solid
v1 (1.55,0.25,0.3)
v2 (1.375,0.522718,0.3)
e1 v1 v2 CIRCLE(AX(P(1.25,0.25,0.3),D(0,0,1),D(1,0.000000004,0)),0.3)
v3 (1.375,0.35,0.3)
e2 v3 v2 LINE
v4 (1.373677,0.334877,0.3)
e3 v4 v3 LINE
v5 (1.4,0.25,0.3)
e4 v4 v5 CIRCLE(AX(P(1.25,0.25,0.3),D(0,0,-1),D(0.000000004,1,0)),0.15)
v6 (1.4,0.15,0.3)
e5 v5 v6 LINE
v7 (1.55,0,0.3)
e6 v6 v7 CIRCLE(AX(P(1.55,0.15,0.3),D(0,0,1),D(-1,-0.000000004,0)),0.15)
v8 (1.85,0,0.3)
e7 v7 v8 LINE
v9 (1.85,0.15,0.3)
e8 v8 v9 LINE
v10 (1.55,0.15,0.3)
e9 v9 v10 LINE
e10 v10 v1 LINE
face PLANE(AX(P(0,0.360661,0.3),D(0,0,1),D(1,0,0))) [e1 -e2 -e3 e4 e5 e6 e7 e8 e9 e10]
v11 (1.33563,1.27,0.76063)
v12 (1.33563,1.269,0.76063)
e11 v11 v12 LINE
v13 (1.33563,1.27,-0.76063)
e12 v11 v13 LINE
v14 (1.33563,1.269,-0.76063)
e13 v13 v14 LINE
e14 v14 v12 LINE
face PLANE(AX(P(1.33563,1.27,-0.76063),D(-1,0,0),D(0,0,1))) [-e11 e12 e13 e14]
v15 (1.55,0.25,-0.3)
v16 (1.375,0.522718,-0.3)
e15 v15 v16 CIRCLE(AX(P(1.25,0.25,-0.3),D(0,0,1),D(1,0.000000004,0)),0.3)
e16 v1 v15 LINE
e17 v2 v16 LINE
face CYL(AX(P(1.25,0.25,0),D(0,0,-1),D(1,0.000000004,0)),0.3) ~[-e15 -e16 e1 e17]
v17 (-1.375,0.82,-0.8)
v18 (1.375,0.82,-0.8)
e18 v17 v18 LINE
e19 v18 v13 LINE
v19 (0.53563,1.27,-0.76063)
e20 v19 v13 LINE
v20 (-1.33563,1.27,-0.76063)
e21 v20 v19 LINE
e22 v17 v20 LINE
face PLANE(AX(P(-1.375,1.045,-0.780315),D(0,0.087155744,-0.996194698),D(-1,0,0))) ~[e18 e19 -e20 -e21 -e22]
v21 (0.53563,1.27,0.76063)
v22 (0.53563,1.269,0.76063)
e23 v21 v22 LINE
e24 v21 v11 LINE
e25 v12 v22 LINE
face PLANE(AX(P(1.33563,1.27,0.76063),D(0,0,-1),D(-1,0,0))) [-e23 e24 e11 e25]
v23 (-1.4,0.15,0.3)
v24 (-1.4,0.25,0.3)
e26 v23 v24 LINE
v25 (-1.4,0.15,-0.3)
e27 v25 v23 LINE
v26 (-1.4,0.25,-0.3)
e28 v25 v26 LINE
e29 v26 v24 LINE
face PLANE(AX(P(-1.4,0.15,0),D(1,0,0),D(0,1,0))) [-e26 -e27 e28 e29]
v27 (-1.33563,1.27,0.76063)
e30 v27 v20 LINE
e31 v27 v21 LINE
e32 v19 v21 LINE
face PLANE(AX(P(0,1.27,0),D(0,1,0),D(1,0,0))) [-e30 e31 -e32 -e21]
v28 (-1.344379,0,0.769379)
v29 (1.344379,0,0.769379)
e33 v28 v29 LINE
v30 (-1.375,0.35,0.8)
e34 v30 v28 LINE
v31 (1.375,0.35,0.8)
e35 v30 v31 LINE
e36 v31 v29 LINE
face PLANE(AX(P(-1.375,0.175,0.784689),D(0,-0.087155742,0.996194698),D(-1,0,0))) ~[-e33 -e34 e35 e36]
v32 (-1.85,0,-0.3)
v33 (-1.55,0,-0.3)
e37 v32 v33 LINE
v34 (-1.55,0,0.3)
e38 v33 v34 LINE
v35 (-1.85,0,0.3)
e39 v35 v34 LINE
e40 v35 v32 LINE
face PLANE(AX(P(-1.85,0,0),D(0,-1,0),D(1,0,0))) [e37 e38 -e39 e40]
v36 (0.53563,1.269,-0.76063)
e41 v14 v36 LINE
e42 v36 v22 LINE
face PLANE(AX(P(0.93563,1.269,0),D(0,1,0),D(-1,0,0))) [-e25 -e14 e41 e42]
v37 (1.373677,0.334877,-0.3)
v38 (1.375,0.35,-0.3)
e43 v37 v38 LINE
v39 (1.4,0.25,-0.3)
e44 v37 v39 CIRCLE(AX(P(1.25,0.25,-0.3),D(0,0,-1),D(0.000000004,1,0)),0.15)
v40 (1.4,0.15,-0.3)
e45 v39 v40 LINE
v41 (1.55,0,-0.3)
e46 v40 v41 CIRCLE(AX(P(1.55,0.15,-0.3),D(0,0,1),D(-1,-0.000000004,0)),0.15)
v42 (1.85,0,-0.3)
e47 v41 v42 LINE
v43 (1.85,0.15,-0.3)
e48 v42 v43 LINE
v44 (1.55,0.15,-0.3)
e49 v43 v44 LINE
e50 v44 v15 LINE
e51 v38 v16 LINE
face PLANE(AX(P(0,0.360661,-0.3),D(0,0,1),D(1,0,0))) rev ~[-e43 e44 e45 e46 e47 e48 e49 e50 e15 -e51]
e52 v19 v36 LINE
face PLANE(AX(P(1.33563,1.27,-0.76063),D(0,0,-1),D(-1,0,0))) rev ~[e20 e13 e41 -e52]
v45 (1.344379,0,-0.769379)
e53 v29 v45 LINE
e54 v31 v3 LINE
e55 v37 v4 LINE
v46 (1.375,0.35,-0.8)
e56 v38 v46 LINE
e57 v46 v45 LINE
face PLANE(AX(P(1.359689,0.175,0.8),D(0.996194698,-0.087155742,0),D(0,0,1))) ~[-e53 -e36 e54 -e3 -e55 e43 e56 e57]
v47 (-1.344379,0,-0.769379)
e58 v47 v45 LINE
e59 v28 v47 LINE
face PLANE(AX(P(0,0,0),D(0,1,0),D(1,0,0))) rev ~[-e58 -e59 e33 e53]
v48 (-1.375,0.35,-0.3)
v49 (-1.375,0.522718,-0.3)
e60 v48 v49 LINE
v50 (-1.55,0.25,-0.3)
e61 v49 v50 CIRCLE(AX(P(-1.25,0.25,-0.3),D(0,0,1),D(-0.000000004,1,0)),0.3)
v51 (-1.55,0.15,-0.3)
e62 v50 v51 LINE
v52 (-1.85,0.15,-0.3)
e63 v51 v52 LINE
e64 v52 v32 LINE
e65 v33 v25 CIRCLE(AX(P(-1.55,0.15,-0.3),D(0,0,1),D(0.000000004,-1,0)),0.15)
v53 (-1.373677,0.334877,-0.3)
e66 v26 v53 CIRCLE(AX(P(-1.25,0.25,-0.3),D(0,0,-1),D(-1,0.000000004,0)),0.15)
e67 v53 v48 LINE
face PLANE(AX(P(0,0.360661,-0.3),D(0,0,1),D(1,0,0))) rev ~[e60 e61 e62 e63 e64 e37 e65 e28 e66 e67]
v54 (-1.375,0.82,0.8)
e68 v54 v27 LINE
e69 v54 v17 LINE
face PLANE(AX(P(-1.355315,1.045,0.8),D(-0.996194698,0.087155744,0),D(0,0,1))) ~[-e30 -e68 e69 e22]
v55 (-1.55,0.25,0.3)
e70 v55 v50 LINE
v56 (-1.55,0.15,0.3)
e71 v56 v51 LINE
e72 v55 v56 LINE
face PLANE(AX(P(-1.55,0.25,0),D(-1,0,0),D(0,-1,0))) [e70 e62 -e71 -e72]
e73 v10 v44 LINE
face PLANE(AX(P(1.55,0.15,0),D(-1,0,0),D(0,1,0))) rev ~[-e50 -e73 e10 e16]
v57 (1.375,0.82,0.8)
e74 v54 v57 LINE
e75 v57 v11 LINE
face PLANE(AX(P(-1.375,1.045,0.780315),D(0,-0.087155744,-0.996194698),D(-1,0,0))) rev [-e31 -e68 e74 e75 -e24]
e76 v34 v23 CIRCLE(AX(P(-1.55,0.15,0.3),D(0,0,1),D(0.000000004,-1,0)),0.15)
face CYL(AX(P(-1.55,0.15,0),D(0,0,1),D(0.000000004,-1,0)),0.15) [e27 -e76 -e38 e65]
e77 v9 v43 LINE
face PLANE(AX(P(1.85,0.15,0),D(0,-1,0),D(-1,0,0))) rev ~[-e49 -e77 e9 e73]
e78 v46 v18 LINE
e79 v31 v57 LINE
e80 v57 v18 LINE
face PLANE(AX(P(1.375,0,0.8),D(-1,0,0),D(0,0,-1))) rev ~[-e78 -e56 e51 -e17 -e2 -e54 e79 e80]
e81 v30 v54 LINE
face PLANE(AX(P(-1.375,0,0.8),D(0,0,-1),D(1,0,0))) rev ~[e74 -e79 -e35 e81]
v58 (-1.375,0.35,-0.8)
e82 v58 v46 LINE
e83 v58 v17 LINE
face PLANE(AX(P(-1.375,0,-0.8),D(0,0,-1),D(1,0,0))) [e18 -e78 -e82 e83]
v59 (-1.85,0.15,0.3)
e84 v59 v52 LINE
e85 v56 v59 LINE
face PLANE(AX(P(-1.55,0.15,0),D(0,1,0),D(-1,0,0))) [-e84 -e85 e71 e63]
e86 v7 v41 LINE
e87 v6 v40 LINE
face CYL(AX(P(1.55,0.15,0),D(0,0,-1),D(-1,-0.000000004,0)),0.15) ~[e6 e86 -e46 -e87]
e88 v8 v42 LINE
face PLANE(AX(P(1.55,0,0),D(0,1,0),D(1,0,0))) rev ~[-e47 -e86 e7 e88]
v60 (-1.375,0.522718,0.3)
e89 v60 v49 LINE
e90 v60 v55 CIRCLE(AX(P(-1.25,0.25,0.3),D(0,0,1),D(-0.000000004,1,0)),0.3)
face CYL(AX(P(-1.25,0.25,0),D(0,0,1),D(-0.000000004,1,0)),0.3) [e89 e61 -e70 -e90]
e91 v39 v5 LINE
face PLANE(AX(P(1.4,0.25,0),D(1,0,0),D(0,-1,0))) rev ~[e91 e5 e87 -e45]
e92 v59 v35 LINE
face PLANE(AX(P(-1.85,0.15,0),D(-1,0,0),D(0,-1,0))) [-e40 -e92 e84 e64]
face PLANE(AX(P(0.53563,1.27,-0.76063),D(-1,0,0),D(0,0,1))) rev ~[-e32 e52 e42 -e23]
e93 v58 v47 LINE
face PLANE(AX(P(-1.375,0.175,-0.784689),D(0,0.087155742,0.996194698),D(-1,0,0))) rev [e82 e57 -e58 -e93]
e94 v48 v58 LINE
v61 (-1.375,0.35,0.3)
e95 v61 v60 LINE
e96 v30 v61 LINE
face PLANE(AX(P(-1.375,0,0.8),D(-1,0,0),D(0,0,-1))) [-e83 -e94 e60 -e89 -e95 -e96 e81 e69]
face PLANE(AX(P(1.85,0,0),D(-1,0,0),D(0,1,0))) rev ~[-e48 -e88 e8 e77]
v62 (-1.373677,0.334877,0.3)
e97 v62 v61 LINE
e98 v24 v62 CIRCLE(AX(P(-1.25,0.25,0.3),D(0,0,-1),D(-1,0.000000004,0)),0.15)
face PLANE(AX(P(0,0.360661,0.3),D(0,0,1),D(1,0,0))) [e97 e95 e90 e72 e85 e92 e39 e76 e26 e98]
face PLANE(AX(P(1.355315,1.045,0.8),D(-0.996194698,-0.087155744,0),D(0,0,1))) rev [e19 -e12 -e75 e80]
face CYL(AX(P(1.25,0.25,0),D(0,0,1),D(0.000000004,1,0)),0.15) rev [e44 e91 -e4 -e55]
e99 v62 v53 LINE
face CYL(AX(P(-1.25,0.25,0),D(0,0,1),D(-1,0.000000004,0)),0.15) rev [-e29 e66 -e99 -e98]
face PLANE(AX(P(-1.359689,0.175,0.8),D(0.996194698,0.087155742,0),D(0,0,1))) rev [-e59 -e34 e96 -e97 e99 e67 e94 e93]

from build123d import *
from OCP.BRepFilletAPI import BRepFilletAPI_MakeChamfer

# Parameters (mm, degrees)
SKETCH1_W                     = 2.75
SKETCH1_H                     = 1.6
BASE_EXTRUDE_DEPTH            = 1.27
CHAMFER1_SIZE                 = 0.45
CHAMFER1_SIZE2                = 0.039369899
CHAMFER3_SIZE                 = 0.35
CHAMFER3_SIZE2                = 0.030621032
BOSS_EXTRUDE_THIN2_DEPTH      = 0.3
BOSS_EXTRUDE_THIN2_DEPTH_BACK = 0.3
SKETCH3_W                     = 0.8
SKETCH3_H                     = 1.521260202
CUT_EXTRUDE1_DEPTH            = 0.001


with BuildPart() as part:
    # Sketch1 → Base-Extrude (new body)
    with BuildSketch(Plane(origin=(0, 0, 0), x_dir=(1, 0, 0), z_dir=(0, 1, 0))):
        Rectangle(SKETCH1_W, SKETCH1_H)
    extrude(amount=BASE_EXTRUDE_DEPTH)

    # Chamfer1: one chamfer whose edges measure the first distance from different faces: ONE call of the kernel's chamfer builder (chamfer() names one face for all edges)
    chamfer1_edges_1 = [part.edges().sort_by_distance(p)[0] for p in [
        (1.375, 1.27, 0),
    ]]
    chamfer1_side_1 = [part.faces().sort_by_distance(p)[0] for p in [
        (1.375, 0.635, 0),
    ]]
    chamfer1_edges_2 = [part.edges().sort_by_distance(p)[0] for p in [
        (0, 1.27, -0.8),
    ]]
    chamfer1_side_2 = [part.faces().sort_by_distance(p)[0] for p in [
        (0, 0.635, -0.8),
    ]]
    chamfer1_edges_3 = [part.edges().sort_by_distance(p)[0] for p in [
        (-1.375, 1.27, 0),
    ]]
    chamfer1_side_3 = [part.faces().sort_by_distance(p)[0] for p in [
        (-1.375, 0.635, 0),
    ]]
    chamfer1_edges_4 = [part.edges().sort_by_distance(p)[0] for p in [
        (0, 1.27, 0.8),
    ]]
    chamfer1_side_4 = [part.faces().sort_by_distance(p)[0] for p in [
        (0, 0.635, 0.8),
    ]]
    chamfer1 = BRepFilletAPI_MakeChamfer(part.part.solid().wrapped)
    for e in chamfer1_edges_1:
        chamfer1.Add(CHAMFER1_SIZE, CHAMFER1_SIZE2, e.wrapped, chamfer1_side_1[0].wrapped)  # the first distance lies on this face
    for e in chamfer1_edges_2:
        chamfer1.Add(CHAMFER1_SIZE, CHAMFER1_SIZE2, e.wrapped, chamfer1_side_2[0].wrapped)  # the first distance lies on this face
    for e in chamfer1_edges_3:
        chamfer1.Add(CHAMFER1_SIZE, CHAMFER1_SIZE2, e.wrapped, chamfer1_side_3[0].wrapped)  # the first distance lies on this face
    for e in chamfer1_edges_4:
        chamfer1.Add(CHAMFER1_SIZE, CHAMFER1_SIZE2, e.wrapped, chamfer1_side_4[0].wrapped)  # the first distance lies on this face
    add(Compound.cast(chamfer1.Shape()), mode=Mode.REPLACE)

    # Chamfer3: one chamfer whose edges measure the first distance from different faces: ONE call of the kernel's chamfer builder (chamfer() names one face for all edges)
    chamfer3_edges_1 = [part.edges().sort_by_distance(p)[0] for p in [
        (0, 0, -0.8),
    ]]
    chamfer3_side_1 = [part.faces().sort_by_distance(p)[0] for p in [
        (0, 0.41, -0.8),
    ]]
    chamfer3_edges_2 = [part.edges().sort_by_distance(p)[0] for p in [
        (1.375, 0, 0),
    ]]
    chamfer3_side_2 = [part.faces().sort_by_distance(p)[0] for p in [
        (1.375, 0.41, 0),
    ]]
    chamfer3_edges_3 = [part.edges().sort_by_distance(p)[0] for p in [
        (0, 0, 0.8),
    ]]
    chamfer3_side_3 = [part.faces().sort_by_distance(p)[0] for p in [
        (0, 0.41, 0.8),
    ]]
    chamfer3_edges_4 = [part.edges().sort_by_distance(p)[0] for p in [
        (-1.375, 0, 0),
    ]]
    chamfer3_side_4 = [part.faces().sort_by_distance(p)[0] for p in [
        (-1.375, 0.41, 0),
    ]]
    chamfer3 = BRepFilletAPI_MakeChamfer(part.part.solid().wrapped)
    for e in chamfer3_edges_1:
        chamfer3.Add(CHAMFER3_SIZE, CHAMFER3_SIZE2, e.wrapped, chamfer3_side_1[0].wrapped)  # the first distance lies on this face
    for e in chamfer3_edges_2:
        chamfer3.Add(CHAMFER3_SIZE, CHAMFER3_SIZE2, e.wrapped, chamfer3_side_2[0].wrapped)  # the first distance lies on this face
    for e in chamfer3_edges_3:
        chamfer3.Add(CHAMFER3_SIZE, CHAMFER3_SIZE2, e.wrapped, chamfer3_side_3[0].wrapped)  # the first distance lies on this face
    for e in chamfer3_edges_4:
        chamfer3.Add(CHAMFER3_SIZE, CHAMFER3_SIZE2, e.wrapped, chamfer3_side_4[0].wrapped)  # the first distance lies on this face
    add(Compound.cast(chamfer3.Shape()), mode=Mode.REPLACE)

    # Sketch2 → Boss-Extrude-Thin2 (add, two sides)
    with BuildSketch(Plane.XY) as boss_extrude_thin2_sk:
        with BuildLine():
            Line((-1.85, 0), (-1.55, 0))
            ThreePointArc((-1.55, 0), (-1.443933983, 0.043933983), (-1.4, 0.15))
            Line((-1.4, 0.15), (-1.4, 0.25))
            ThreePointArc((-1.4, 0.25), (-1.356066017, 0.356066017), (-1.25, 0.4))
            Line((-1.25, 0.4), (1.25, 0.4))
            ThreePointArc((1.25, 0.4), (1.356066017, 0.356066017), (1.4, 0.25))
            Line((1.4, 0.25), (1.4, 0.15))
            ThreePointArc((1.4, 0.15), (1.443933983, 0.043933983), (1.55, 0))
            Line((1.55, 0), (1.85, 0))
            Line((1.85, 0), (1.85, 0.15))
            Line((1.85, 0.15), (1.55, 0.15))
            Line((1.55, 0.15), (1.55, 0.25))
            ThreePointArc((1.55, 0.25), (1.462132034, 0.462132034), (1.25, 0.55))
            Line((1.25, 0.55), (-1.25, 0.55))
            ThreePointArc((-1.25, 0.55), (-1.462132034, 0.462132034), (-1.55, 0.25))
            Line((-1.55, 0.25), (-1.55, 0.15))
            Line((-1.55, 0.15), (-1.85, 0.15))
            Line((-1.85, 0.15), (-1.85, 0))
        make_face()
    extrude(amount=BOSS_EXTRUDE_THIN2_DEPTH)
    extrude(boss_extrude_thin2_sk.sketch, amount=-BOSS_EXTRUDE_THIN2_DEPTH_BACK)

    # Sketch3 → Cut-Extrude1 (cut)
    with BuildSketch(Plane(origin=(0, 1.27, 0), x_dir=(-1, 0, 0), z_dir=(0, 1, 0))):
        with Locations((-0.935630101, 0)):
            Rectangle(SKETCH3_W, SKETCH3_H)
    extrude(amount=-CUT_EXTRUDE1_DEPTH, mode=Mode.SUBTRACT)


solid = part.part
